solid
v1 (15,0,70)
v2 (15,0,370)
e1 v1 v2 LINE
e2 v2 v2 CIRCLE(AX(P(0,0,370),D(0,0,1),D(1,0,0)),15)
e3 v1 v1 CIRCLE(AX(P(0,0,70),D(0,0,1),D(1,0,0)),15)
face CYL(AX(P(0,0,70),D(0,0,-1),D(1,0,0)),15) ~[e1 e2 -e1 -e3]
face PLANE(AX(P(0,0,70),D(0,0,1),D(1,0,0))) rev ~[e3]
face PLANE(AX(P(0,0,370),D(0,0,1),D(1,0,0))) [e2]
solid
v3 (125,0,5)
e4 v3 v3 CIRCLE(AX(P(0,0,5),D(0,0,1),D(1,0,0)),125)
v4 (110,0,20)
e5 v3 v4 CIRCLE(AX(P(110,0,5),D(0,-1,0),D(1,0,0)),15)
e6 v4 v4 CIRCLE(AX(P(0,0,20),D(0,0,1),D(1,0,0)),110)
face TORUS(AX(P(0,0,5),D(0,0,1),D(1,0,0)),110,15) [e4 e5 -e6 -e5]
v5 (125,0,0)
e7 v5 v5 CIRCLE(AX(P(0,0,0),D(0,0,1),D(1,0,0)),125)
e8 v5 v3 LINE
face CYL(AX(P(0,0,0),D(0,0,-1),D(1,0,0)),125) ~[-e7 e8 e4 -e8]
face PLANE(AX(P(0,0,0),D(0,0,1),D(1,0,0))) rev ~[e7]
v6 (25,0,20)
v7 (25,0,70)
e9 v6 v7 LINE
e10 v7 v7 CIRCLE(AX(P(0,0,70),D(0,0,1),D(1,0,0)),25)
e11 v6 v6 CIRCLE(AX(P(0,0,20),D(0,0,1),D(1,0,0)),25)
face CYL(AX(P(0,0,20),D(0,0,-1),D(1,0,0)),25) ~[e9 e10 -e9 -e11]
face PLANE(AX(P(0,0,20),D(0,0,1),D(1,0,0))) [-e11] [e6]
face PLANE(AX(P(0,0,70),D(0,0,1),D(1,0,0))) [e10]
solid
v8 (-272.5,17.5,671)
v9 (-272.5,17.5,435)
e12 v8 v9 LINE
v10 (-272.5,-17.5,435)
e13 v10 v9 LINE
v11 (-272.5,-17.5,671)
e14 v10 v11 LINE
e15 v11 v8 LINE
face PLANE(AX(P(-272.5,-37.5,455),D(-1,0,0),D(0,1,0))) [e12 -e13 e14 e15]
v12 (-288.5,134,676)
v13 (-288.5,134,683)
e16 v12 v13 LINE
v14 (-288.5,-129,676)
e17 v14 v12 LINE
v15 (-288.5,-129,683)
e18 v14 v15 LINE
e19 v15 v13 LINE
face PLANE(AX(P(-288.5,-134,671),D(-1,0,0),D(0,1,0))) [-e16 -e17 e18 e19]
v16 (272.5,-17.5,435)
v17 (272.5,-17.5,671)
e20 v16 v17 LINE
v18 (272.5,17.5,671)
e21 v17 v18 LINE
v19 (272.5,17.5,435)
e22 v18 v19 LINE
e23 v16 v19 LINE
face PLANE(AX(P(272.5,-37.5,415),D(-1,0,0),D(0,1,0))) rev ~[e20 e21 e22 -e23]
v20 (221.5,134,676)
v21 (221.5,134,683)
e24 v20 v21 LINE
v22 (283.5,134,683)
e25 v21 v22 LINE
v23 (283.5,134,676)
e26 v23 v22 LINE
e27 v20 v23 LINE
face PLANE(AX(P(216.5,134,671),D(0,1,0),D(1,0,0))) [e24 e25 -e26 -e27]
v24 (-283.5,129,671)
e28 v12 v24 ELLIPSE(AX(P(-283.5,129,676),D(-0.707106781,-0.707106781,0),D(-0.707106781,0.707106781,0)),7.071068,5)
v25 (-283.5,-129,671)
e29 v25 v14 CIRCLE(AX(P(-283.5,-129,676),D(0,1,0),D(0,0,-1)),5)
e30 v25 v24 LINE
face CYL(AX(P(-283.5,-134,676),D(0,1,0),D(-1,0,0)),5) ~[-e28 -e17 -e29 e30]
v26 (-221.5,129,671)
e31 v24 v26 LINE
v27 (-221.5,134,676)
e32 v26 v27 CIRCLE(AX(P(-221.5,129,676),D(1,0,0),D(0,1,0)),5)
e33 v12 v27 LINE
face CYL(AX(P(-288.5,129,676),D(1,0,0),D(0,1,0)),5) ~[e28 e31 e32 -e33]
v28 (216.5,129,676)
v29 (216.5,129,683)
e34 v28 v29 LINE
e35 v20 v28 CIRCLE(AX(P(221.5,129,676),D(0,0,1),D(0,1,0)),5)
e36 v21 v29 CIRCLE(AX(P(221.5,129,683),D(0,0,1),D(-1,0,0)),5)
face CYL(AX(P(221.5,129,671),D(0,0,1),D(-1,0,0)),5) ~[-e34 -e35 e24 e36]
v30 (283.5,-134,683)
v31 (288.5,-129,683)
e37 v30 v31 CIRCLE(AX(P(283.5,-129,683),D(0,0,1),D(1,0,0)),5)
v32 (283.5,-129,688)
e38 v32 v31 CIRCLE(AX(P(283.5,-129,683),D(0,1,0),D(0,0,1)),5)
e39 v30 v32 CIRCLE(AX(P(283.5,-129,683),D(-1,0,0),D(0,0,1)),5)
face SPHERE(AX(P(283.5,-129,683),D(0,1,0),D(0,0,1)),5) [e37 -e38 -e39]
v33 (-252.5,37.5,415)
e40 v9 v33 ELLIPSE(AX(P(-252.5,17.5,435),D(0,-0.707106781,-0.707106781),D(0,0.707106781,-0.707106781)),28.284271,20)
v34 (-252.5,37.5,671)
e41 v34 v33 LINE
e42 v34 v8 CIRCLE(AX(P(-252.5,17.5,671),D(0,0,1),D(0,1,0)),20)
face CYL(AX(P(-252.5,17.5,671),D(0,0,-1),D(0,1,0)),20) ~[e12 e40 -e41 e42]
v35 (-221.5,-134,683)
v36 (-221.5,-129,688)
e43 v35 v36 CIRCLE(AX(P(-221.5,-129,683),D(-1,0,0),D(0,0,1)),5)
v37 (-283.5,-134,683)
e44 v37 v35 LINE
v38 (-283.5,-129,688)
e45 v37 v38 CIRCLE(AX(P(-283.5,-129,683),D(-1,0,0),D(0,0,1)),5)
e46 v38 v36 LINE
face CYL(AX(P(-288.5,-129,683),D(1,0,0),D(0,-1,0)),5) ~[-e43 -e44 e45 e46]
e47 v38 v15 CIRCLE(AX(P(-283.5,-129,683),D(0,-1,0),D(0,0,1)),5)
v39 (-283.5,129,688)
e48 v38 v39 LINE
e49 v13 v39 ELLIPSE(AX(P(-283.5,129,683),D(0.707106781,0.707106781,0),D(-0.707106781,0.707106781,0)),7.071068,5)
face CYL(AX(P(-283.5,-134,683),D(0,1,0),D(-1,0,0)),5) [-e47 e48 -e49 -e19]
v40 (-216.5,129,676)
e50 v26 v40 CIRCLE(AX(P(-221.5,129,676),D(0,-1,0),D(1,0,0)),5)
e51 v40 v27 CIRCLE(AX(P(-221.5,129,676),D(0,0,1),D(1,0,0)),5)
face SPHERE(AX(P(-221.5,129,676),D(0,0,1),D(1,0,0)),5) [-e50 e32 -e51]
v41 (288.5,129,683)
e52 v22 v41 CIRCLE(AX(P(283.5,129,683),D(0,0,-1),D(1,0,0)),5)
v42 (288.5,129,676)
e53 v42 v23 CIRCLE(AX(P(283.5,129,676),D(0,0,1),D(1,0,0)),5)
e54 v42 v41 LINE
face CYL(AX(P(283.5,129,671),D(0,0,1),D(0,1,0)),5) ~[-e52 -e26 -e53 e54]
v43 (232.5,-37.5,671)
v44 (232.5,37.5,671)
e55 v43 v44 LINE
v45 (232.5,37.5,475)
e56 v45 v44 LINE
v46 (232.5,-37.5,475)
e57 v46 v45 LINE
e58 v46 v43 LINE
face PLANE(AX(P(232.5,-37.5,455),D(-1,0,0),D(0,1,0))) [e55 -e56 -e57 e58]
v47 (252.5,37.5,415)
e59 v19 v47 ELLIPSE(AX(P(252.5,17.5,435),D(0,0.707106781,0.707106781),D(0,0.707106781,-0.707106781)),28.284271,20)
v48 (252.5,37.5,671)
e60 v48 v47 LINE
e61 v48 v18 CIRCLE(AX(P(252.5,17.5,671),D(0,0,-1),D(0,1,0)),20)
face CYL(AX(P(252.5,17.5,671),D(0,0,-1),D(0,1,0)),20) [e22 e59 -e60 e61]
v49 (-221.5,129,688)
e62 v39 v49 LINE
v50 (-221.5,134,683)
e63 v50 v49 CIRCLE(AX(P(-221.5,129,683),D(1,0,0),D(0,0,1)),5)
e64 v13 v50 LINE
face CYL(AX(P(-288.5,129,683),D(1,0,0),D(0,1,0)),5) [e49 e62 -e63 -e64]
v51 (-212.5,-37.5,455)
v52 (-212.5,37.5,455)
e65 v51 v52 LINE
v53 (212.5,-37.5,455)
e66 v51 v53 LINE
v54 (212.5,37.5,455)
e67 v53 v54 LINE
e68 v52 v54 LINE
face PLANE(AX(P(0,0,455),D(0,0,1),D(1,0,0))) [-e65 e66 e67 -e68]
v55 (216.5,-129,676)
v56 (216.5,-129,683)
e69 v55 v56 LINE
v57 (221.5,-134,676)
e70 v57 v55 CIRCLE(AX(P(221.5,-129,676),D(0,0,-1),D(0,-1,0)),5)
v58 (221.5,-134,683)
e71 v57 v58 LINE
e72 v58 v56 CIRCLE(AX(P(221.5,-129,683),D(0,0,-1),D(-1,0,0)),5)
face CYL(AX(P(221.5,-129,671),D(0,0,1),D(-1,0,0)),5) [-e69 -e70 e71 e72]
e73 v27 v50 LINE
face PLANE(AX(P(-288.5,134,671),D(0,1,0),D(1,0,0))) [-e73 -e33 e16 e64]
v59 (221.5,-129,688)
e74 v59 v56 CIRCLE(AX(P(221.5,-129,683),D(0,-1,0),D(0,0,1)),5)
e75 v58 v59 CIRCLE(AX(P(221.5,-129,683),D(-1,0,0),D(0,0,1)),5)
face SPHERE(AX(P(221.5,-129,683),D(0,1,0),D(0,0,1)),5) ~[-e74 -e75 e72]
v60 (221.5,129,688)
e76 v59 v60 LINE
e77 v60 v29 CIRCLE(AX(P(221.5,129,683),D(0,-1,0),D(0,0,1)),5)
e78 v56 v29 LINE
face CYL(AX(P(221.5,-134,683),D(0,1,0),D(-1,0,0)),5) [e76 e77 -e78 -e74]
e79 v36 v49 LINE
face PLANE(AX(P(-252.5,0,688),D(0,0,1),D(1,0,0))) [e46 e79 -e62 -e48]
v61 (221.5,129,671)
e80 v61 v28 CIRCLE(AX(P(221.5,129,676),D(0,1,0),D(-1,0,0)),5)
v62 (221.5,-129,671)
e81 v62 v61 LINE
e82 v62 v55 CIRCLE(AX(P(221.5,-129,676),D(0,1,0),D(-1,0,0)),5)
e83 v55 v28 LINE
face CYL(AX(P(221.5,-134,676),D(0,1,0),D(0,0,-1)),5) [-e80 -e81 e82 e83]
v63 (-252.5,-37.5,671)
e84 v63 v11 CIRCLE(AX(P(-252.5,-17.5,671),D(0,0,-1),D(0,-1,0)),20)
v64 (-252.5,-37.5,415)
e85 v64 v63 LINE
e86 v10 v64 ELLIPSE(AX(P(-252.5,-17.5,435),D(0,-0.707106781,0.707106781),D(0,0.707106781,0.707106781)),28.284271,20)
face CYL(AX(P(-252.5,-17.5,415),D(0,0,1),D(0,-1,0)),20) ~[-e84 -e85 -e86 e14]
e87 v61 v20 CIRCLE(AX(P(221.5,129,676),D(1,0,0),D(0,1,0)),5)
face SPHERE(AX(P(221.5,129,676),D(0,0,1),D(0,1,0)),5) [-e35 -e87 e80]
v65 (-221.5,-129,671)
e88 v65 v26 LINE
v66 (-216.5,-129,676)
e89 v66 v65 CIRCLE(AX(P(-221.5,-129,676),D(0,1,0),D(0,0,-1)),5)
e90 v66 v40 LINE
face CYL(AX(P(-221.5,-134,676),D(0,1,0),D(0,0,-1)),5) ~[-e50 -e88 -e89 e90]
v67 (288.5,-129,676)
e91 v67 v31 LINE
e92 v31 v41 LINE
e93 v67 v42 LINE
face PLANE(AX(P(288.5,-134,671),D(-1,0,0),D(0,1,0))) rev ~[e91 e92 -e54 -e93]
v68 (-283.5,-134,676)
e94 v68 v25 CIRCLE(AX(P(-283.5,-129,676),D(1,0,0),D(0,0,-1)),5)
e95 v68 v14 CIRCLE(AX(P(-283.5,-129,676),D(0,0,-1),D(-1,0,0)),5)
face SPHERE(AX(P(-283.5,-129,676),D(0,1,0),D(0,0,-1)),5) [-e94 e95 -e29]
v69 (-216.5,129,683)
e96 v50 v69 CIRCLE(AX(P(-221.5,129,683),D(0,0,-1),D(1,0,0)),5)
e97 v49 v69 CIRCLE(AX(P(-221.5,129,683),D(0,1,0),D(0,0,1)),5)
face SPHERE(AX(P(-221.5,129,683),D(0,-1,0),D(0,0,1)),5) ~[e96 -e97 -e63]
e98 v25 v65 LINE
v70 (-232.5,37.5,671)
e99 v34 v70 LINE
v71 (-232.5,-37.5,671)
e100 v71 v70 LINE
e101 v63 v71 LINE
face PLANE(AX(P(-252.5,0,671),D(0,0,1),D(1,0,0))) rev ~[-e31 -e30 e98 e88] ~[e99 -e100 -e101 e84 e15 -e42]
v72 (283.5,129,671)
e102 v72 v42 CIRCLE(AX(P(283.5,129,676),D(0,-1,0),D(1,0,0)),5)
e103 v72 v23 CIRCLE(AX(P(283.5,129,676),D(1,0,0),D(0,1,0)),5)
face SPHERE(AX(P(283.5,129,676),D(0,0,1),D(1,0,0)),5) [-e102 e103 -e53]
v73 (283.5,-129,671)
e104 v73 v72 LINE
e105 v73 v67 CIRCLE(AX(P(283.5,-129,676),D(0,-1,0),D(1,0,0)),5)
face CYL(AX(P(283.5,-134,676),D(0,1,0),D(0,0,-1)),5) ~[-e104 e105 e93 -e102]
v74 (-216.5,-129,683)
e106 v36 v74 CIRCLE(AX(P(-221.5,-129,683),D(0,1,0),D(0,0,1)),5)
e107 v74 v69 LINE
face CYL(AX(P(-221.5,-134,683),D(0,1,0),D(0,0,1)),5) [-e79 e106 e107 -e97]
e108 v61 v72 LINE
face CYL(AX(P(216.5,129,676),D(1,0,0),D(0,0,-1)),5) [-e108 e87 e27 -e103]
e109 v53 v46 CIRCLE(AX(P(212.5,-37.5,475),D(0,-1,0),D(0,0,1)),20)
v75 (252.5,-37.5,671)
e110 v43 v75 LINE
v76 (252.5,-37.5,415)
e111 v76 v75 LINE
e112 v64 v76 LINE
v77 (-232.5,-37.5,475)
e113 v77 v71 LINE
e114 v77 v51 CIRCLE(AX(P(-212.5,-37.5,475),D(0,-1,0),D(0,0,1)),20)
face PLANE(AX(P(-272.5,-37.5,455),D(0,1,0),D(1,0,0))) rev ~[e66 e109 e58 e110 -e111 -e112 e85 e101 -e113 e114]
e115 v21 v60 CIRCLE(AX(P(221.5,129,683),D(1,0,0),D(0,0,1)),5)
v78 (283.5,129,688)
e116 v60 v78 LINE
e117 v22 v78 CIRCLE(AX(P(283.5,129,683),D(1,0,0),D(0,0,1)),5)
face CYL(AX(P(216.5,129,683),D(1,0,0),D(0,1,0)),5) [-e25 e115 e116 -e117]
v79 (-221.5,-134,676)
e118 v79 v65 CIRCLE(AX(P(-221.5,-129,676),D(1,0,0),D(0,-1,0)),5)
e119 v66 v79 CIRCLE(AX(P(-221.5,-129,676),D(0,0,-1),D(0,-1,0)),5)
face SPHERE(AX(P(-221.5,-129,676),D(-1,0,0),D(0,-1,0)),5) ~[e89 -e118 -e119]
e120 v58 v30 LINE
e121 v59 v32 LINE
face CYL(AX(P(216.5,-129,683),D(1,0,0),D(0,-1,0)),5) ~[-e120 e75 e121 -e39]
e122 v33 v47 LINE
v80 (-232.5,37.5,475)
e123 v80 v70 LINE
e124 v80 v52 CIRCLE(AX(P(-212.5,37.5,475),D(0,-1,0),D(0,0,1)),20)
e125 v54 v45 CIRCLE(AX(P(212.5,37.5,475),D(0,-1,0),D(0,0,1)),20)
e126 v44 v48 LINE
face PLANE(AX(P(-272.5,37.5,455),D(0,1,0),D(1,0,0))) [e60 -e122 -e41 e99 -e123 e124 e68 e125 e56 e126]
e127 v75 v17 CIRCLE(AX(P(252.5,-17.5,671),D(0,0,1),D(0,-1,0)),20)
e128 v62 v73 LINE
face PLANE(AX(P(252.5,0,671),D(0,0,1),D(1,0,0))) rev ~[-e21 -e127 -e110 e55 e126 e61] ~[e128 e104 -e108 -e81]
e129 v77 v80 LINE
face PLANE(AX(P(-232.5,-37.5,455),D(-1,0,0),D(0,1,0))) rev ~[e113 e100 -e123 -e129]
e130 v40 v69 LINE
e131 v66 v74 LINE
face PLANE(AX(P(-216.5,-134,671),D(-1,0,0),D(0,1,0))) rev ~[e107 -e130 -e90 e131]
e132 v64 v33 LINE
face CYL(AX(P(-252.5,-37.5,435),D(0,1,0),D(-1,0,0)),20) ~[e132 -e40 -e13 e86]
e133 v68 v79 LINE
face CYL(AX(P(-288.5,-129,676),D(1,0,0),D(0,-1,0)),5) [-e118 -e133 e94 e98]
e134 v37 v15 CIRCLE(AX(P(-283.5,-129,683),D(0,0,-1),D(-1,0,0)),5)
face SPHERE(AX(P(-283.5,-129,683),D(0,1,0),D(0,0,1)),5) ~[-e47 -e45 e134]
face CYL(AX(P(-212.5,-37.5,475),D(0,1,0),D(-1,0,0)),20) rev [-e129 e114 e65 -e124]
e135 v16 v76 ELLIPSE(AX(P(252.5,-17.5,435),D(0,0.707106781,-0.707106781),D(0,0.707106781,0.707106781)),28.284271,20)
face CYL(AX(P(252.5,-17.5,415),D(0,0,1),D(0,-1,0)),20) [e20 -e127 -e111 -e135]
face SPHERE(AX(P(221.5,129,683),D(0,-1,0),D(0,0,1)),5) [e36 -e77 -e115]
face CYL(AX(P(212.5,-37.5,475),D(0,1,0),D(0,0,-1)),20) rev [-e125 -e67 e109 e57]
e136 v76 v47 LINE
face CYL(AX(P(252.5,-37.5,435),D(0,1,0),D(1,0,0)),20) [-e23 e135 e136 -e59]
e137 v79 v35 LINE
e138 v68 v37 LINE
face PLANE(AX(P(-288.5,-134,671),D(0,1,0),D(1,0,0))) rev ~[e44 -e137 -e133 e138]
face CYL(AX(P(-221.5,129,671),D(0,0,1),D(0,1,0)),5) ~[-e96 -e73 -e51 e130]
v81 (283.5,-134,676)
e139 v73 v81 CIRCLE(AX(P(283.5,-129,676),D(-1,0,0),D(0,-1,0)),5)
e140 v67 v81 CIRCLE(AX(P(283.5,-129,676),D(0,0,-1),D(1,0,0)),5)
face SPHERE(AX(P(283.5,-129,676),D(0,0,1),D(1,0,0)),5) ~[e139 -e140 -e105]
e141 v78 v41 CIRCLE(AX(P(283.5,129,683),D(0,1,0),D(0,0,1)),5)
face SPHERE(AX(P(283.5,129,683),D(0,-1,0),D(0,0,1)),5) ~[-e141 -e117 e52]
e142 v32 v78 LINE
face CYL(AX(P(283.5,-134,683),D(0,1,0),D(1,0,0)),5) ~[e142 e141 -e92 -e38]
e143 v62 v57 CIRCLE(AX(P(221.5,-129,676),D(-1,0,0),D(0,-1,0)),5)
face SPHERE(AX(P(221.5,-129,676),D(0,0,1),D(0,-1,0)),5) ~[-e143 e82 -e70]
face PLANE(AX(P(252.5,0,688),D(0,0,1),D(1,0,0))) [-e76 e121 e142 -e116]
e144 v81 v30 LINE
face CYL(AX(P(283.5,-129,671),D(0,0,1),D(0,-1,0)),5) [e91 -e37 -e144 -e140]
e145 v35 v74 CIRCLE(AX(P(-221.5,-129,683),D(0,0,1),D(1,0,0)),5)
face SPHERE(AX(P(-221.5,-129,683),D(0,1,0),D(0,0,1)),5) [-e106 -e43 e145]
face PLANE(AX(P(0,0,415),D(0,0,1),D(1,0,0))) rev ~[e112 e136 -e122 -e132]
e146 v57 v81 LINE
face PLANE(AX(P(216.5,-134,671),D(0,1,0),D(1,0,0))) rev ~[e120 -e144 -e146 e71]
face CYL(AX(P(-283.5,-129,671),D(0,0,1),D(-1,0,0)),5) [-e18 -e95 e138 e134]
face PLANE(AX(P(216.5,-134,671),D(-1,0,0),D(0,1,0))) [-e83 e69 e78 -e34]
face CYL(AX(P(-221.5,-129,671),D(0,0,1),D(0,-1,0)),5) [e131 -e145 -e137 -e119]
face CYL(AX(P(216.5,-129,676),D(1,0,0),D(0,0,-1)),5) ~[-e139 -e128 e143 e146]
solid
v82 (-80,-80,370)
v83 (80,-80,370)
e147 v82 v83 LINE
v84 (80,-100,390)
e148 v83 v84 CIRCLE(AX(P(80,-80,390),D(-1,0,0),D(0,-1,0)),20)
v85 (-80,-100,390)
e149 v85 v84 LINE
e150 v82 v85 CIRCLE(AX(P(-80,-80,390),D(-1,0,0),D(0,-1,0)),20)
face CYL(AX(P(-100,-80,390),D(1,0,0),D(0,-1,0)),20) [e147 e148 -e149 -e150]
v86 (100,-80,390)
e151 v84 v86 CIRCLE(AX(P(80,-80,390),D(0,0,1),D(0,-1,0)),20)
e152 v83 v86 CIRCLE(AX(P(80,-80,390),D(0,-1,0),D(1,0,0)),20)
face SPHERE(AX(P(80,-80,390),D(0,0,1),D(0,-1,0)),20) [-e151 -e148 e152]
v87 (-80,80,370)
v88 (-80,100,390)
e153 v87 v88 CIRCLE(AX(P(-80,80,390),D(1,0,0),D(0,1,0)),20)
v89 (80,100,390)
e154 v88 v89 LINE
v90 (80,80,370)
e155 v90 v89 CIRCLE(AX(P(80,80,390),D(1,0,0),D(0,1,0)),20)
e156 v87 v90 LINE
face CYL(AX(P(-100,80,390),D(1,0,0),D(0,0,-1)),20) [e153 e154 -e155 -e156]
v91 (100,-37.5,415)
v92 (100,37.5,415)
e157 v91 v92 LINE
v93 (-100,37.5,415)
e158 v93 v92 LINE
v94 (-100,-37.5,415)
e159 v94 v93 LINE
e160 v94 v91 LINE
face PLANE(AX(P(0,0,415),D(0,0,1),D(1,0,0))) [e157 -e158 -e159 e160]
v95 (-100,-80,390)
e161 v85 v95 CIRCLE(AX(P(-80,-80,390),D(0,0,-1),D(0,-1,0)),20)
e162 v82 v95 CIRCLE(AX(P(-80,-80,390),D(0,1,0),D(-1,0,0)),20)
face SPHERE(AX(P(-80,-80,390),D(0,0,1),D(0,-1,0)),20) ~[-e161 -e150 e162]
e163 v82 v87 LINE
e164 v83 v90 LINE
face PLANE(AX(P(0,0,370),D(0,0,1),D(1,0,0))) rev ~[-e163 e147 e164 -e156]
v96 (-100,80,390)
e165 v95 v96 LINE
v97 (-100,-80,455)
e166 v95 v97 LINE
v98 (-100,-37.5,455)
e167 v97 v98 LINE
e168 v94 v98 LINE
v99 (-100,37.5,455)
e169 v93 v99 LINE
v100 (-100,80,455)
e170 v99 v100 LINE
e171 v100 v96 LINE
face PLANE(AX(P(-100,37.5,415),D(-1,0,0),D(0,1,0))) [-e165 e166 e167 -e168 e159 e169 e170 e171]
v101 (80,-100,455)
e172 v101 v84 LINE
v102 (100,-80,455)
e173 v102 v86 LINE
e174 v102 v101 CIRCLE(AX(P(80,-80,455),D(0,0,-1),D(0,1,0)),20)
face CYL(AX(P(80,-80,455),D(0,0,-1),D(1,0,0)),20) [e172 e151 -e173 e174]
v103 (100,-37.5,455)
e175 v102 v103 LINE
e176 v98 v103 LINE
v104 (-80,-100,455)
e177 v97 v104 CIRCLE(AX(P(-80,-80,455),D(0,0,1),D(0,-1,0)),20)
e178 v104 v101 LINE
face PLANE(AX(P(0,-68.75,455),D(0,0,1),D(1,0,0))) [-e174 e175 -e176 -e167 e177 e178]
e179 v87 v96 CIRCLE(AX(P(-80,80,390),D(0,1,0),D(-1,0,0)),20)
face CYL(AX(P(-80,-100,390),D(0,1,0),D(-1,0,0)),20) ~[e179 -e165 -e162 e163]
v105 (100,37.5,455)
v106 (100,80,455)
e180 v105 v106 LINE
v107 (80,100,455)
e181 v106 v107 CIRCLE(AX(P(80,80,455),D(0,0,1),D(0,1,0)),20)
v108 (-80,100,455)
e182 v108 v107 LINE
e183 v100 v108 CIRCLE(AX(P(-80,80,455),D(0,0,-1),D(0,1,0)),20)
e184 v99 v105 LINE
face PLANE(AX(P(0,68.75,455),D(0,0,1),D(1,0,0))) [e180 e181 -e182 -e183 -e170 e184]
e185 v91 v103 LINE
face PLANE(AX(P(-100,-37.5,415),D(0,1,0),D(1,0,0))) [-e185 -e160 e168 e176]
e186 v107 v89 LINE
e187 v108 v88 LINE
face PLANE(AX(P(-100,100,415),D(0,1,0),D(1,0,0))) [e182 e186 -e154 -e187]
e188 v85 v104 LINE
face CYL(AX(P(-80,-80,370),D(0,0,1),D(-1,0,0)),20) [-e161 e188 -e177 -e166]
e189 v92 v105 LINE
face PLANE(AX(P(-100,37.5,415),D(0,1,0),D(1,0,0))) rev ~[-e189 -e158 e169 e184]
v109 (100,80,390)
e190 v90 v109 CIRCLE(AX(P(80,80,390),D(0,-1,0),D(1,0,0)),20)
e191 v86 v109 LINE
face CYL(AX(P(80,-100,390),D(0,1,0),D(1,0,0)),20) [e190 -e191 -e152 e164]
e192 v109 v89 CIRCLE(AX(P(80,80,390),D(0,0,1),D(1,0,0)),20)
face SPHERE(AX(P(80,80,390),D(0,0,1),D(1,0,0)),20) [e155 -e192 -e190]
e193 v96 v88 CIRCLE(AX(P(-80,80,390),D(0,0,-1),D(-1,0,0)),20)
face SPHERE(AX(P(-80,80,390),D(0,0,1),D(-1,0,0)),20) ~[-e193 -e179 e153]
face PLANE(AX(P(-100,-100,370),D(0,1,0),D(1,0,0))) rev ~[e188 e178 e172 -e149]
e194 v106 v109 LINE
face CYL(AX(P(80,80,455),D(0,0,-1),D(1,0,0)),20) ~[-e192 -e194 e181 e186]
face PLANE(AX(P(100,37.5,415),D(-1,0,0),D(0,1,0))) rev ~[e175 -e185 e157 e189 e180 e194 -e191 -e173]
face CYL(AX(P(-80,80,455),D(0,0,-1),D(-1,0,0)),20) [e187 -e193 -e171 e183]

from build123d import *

# Parameters (mm, degrees)
SKETCH_R     = 125
PAD_DEPTH    = 20
SKETCH001_R  = 25
PAD001_DEPTH = 50
FILLET006_R  = 15
SKETCH002_R  = 15
PAD002_DEPTH = 300
SKETCH003_W  = 200
SKETCH003_H  = 200
PAD003_DEPTH = 45
SKETCH009_W  = 200
SKETCH009_H  = 62.5
PAD009_DEPTH = 40
FILLET005_R  = 20
SKETCH004_W  = 545
SKETCH004_H  = 75
PAD004_DEPTH = 40
SKETCH005_W  = 40
SKETCH005_H  = 75
PAD005_DEPTH = 216
SKETCH006_W  = 72
SKETCH006_H  = 268
PAD006_DEPTH = 17
FILLET003_R  = 5
FILLET004_R  = 20


with BuildPart() as body1:
    # Sketch → Pad (new body)
    with BuildSketch(Plane.XY):
        Circle(SKETCH_R)
    extrude(amount=PAD_DEPTH)

    # Sketch001 (on Face3 of Pad) → Pad001 (join)
    with BuildSketch(Plane.XY.offset(20)):
        Circle(SKETCH001_R)
    extrude(amount=PAD001_DEPTH)

    # Fillet006
    fillet006_edges = [body1.edges().sort_by_distance(p)[0] for p in [
        (-125, 0, 20),
    ]]
    fillet(fillet006_edges, radius=FILLET006_R)


with BuildPart() as body2:
    # Sketch002 (on CopyPad) → Pad002 (new body)
    with BuildSketch(Plane.XY.offset(70)):
        Circle(SKETCH002_R)
    extrude(amount=PAD002_DEPTH)


with BuildPart() as body3:
    # Sketch003 (on Face1 of CopyPad002) → Pad003 (new body)
    with BuildSketch(Plane.XY.offset(370)):
        Rectangle(SKETCH003_W, SKETCH003_H)
    extrude(amount=PAD003_DEPTH)

    # Sketch009 (on Face6 of Pad003) → Pad009 (join)
    with BuildSketch(Plane.XY.offset(415)):
        with Locations((0, 68.75)):
            Rectangle(SKETCH009_W, SKETCH009_H)
        with Locations((0, -68.75)):
            Rectangle(SKETCH009_W, SKETCH009_H)
    extrude(amount=PAD009_DEPTH)

    # Fillet005
    fillet005_edges = [body3.edges().sort_by_distance(p)[0] for p in [
        (-100, -100, 412.5),
        (100, -100, 412.5),
        (100, 100, 412.5),
        (-100, 100, 412.5),
        (0, -100, 370),
        (100, 0, 370),
        (-100, 0, 370),
        (0, 100, 370),
    ]]
    fillet(fillet005_edges, radius=FILLET005_R)


with BuildPart() as body4:
    # Sketch004 (on Face1 of CopyPad003) → Pad004 (new body)
    with BuildSketch(Plane.XY.offset(415)):
        Rectangle(SKETCH004_W, SKETCH004_H)
    extrude(amount=PAD004_DEPTH)

    # Sketch005 (on Face6 of Pad004) → Pad005 (join)
    with BuildSketch(Plane.XY.offset(455)):
        with Locations((-252.5, 0)):
            Rectangle(SKETCH005_W, SKETCH005_H)
        with Locations((252.5, 0)):
            Rectangle(SKETCH005_W, SKETCH005_H)
    extrude(amount=PAD005_DEPTH)

    # Sketch006 (on Face5 of Pad005) → Pad006 (join)
    with BuildSketch(Plane.XY.offset(671)):
        with Locations((-252.5, 0)):
            Rectangle(SKETCH006_W, SKETCH006_H)
        with Locations((252.5, 0)):
            Rectangle(SKETCH006_W, SKETCH006_H)
    extrude(amount=PAD006_DEPTH)

    # Fillet003
    fillet003_edges = [body4.edges().sort_by_distance(p)[0] for p in [
        (-288.5, 0, 688),
        (-216.5, 0, 688),
        (216.5, 0, 688),
        (288.5, 0, 688),
        (252.5, -134, 688),
        (252.5, 134, 688),
        (-252.5, 134, 688),
        (-252.5, -134, 688),
        (216.5, -134, 679.5),
        (288.5, -134, 679.5),
        (288.5, 134, 679.5),
        (216.5, 134, 679.5),
        (288.5, 0, 671),
        (252.5, 134, 671),
        (252.5, -134, 671),
        (216.5, 0, 671),
        (-288.5, 0, 671),
        (-252.5, -134, 671),
        (-288.5, -134, 679.5),
        (-216.5, -134, 679.5),
        (-216.5, 134, 679.5),
        (-216.5, 0, 671),
        (-252.5, 134, 671),
    ]]
    fillet(fillet003_edges, radius=FILLET003_R)

    # Fillet004
    fillet004_edges = [body4.edges().sort_by_distance(p)[0] for p in [
        (-272.5, 0, 415),
        (-232.5, 0, 455),
        (232.5, 0, 455),
        (272.5, 0, 415),
        (272.5, -37.5, 543),
        (272.5, 37.5, 543),
        (-272.5, -37.5, 543),
        (-272.5, 37.5, 543),
    ]]
    fillet(fillet004_edges, radius=FILLET004_R)


solid = Compound([body1.part, body2.part, body3.part, body4.part])
